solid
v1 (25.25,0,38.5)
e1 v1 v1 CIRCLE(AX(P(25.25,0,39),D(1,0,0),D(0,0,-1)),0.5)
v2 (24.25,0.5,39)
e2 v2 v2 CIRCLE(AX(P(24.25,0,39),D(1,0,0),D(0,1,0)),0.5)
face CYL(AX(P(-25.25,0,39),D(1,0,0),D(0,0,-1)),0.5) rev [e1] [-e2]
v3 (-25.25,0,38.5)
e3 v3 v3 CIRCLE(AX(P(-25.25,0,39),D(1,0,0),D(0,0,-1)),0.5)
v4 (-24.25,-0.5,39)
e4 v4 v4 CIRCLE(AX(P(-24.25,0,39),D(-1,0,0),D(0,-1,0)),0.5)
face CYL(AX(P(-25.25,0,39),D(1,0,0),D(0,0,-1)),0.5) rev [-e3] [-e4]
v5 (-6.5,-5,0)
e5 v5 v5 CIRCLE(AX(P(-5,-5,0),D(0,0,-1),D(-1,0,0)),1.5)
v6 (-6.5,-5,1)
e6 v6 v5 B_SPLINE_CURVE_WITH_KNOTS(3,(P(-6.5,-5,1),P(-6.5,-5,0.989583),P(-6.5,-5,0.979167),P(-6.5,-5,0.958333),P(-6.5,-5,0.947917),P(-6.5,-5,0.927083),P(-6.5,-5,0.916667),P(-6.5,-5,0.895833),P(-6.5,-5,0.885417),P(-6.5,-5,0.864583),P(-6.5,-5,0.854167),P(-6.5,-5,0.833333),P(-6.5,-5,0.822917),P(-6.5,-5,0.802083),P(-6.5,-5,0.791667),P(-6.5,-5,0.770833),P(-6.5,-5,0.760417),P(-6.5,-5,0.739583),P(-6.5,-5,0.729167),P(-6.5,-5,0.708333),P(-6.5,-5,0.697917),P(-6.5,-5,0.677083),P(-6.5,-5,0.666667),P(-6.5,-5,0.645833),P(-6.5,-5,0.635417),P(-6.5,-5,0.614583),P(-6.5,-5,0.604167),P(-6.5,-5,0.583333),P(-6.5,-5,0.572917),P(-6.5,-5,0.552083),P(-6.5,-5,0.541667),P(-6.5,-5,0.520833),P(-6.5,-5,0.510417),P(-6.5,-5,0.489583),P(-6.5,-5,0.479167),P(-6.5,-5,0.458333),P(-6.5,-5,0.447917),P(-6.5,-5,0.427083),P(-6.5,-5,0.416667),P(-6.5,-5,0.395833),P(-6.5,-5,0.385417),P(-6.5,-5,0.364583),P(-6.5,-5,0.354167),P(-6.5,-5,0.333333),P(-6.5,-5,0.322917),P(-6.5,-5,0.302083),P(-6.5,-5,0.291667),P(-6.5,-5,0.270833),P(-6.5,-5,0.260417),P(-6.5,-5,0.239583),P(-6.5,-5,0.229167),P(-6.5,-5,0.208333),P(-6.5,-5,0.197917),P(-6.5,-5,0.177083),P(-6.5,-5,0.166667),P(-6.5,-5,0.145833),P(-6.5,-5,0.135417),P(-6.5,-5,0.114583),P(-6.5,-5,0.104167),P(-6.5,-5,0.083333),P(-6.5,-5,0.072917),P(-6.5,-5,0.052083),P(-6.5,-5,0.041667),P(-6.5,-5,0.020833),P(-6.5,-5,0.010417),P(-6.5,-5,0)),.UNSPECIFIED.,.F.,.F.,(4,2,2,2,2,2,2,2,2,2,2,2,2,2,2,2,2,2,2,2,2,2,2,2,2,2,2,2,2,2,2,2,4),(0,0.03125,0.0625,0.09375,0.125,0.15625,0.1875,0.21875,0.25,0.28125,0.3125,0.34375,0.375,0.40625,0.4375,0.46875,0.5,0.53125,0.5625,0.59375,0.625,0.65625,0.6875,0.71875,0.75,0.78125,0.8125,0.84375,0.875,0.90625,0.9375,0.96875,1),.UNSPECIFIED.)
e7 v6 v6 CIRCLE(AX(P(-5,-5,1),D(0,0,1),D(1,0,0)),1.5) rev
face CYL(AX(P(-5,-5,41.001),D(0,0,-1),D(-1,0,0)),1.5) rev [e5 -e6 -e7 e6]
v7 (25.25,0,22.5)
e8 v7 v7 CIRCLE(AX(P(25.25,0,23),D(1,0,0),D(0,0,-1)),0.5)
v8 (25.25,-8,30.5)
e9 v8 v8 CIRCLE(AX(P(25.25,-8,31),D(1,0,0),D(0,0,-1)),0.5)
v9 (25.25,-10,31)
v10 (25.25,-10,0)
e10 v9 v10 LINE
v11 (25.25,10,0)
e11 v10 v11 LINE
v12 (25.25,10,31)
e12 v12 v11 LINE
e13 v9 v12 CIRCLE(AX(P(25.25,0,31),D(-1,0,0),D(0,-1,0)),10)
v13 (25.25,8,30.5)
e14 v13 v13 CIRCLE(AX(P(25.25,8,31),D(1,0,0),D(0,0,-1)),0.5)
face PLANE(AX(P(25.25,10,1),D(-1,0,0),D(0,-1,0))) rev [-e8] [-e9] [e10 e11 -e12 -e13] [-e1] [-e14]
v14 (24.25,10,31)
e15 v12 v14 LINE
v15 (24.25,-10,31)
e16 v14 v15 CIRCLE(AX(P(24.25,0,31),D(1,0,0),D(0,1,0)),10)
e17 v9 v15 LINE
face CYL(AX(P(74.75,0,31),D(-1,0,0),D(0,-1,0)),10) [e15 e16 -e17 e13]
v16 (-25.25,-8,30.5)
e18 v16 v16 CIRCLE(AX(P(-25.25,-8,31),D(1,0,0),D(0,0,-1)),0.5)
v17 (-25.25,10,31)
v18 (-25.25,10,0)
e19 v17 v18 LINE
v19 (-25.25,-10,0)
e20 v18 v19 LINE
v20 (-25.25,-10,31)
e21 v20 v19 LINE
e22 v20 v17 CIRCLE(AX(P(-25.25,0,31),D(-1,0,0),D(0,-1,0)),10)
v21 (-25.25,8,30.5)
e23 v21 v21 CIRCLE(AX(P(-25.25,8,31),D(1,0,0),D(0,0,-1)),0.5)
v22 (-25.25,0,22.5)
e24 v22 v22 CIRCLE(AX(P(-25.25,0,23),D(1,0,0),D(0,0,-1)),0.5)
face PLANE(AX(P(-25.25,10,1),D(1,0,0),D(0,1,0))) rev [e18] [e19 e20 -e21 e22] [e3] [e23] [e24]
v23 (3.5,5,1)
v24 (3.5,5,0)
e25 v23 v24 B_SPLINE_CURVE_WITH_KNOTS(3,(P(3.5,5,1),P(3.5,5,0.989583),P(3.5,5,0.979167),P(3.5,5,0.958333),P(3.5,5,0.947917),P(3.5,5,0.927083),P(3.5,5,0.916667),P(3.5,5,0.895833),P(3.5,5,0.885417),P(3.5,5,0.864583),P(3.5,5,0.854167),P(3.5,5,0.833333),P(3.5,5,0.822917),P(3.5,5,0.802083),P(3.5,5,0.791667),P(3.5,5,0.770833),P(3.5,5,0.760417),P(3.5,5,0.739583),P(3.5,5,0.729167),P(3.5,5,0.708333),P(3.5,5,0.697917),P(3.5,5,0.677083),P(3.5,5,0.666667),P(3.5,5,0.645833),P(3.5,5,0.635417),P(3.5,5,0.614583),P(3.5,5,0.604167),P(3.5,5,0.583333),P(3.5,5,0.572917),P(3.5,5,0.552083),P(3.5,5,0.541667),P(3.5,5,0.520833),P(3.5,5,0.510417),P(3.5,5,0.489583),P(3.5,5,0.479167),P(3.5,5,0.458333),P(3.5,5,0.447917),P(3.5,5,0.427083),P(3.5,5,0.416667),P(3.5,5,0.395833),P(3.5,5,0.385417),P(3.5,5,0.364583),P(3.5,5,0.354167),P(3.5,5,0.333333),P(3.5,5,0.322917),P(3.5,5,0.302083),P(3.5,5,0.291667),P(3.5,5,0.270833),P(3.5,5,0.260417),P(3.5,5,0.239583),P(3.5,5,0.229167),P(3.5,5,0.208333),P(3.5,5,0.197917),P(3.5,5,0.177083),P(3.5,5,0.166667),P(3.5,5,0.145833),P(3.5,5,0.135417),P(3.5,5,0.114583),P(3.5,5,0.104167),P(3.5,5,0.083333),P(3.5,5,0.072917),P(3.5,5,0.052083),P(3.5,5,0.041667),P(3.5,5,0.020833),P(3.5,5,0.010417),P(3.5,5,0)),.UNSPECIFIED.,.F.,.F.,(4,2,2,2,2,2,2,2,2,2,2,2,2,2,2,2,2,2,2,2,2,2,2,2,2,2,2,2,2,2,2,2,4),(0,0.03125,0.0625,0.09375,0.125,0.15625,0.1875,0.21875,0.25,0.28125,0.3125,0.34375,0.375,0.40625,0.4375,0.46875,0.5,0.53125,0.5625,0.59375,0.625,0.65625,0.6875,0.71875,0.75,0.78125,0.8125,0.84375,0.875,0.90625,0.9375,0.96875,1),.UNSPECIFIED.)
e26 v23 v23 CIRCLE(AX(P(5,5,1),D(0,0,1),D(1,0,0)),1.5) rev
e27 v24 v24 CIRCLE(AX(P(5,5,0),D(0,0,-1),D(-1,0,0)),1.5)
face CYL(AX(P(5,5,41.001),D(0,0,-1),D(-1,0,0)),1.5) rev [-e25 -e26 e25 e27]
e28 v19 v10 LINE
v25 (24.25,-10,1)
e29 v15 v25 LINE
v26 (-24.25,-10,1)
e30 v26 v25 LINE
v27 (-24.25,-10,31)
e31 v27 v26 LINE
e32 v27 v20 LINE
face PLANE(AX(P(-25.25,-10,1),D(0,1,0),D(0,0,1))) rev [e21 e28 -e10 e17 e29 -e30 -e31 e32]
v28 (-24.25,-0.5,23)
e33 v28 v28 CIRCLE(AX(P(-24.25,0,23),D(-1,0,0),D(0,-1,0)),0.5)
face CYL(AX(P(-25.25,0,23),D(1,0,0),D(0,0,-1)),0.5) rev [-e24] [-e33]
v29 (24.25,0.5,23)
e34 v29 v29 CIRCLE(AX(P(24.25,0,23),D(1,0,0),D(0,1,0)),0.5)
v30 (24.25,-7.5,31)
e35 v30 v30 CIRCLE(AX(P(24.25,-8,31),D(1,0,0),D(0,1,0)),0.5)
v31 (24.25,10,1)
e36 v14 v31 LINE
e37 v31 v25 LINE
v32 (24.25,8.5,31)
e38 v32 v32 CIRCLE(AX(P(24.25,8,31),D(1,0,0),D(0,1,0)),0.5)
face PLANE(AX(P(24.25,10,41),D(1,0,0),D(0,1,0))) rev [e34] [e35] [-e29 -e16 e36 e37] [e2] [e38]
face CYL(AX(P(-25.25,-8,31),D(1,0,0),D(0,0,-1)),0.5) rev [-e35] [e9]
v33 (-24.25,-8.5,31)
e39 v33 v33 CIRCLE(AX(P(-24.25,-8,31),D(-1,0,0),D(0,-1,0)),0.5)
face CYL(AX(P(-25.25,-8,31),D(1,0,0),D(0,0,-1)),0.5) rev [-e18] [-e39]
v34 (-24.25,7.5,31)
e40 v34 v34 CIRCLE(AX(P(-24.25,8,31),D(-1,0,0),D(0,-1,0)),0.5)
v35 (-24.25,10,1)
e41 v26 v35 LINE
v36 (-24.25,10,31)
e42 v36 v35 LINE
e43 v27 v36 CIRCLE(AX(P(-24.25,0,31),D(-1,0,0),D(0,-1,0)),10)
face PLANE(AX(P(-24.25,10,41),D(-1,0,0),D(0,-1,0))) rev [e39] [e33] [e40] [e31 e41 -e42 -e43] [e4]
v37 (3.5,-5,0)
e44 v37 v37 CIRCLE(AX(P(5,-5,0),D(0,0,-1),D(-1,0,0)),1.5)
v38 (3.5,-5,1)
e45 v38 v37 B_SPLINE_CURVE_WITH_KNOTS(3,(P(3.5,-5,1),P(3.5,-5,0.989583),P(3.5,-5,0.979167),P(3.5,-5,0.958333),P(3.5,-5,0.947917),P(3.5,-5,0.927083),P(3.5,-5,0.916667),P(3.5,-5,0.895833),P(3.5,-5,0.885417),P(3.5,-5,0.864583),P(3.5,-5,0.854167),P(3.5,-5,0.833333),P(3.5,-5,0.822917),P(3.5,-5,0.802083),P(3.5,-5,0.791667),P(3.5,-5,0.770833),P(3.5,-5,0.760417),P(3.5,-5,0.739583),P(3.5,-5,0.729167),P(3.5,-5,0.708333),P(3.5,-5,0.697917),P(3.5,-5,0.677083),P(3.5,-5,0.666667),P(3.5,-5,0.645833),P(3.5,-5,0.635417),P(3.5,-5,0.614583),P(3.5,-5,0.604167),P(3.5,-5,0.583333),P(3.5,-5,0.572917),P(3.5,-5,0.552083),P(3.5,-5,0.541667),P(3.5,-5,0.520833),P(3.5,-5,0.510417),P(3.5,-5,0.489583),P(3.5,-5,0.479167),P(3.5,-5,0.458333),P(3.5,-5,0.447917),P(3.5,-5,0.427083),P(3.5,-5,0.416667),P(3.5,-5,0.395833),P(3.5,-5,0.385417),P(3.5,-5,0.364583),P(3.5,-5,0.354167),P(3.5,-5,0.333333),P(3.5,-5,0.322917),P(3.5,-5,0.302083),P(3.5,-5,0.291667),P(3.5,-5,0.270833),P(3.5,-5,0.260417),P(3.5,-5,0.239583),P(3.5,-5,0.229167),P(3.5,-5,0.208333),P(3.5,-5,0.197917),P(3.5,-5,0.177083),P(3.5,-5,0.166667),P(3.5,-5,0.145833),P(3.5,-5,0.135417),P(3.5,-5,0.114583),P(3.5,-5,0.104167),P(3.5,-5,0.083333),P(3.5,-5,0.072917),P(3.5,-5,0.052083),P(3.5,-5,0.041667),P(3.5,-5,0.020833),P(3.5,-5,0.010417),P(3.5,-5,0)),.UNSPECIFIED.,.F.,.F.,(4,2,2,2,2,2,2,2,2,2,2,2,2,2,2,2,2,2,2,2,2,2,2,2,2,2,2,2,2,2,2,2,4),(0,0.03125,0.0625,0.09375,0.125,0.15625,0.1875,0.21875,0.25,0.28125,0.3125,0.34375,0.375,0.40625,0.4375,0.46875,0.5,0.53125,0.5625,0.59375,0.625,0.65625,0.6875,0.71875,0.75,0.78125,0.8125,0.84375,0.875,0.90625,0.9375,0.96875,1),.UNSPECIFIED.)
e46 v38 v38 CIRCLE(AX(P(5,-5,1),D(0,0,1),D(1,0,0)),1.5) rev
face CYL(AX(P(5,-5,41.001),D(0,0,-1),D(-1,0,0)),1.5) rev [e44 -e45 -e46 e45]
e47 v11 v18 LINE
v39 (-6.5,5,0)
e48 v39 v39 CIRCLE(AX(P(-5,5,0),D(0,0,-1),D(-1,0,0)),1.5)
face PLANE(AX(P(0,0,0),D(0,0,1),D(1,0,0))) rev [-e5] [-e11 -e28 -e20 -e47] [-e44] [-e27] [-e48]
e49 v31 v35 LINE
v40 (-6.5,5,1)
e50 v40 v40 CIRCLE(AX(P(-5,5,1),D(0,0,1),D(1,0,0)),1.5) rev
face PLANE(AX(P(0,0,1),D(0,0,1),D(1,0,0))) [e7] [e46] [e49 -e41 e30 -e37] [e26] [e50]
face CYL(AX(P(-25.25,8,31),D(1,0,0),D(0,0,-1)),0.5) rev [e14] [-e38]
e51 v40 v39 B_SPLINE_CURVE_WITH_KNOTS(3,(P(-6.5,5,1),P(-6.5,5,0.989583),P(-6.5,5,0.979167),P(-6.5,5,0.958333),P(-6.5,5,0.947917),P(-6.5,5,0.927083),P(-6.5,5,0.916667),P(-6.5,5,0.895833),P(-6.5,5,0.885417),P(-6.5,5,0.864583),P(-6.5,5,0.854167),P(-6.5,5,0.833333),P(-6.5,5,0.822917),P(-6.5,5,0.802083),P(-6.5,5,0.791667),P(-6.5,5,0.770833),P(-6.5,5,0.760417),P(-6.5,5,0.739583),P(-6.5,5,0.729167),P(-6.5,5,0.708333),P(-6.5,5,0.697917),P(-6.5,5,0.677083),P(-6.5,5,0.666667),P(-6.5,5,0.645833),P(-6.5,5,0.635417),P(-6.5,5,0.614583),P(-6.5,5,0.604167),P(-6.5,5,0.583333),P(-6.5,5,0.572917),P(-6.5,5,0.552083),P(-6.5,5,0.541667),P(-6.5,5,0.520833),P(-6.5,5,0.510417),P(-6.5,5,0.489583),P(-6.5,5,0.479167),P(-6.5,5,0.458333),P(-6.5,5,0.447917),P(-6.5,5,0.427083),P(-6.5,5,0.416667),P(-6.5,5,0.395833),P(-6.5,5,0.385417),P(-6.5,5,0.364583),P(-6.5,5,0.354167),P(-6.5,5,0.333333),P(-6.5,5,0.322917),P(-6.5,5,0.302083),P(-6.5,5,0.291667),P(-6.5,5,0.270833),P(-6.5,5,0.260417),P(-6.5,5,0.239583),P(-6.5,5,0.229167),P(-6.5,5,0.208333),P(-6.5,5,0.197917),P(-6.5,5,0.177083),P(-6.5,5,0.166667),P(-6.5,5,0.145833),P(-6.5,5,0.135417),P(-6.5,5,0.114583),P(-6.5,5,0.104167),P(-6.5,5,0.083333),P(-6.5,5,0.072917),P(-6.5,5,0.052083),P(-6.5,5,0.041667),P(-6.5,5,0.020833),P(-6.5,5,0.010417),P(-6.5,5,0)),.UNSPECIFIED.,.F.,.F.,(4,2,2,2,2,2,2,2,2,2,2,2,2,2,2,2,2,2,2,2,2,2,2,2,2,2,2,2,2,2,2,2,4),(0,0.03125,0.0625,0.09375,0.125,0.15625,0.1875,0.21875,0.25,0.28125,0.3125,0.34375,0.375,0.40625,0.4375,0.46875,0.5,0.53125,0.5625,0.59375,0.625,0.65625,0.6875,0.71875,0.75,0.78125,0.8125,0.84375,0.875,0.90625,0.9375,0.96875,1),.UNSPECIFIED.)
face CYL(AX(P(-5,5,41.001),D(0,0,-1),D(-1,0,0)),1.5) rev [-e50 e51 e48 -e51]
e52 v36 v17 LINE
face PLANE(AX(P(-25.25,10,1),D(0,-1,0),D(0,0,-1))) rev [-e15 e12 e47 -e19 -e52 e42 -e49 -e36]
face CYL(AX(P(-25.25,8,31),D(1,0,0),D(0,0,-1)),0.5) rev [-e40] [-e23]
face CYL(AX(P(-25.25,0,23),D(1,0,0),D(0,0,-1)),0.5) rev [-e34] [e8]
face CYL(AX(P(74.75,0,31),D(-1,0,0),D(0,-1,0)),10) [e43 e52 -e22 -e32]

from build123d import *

# Parameters (mm, degrees)
SKETCH_1_W          = 50.5
SKETCH_1_H          = 20
EXTRUDE_1_DEPTH     = 1
SKETCH_2_W          = 1
SKETCH_2_H          = 20
EXTRUDE_2_DEPTH     = 40
CUT_EXTRUDE_2_DEPTH = 100
SKETCH_4_R          = 0.5
CUT_EXTRUDE_3_DEPTH = 66.812232905
CUT_EXTRUDE_4_REACH = 51.179
SKETCH_5_R          = 1.5


with BuildPart() as part:
    # 草图1 → 凸台-拉伸1 (new body)
    with BuildSketch(Plane.XY):
        Rectangle(SKETCH_1_W, SKETCH_1_H)
    extrude(amount=EXTRUDE_1_DEPTH)

    # 草图2 → 凸台-拉伸2 (add)
    with BuildSketch(Plane.XY.offset(1)):
        with Locations((-24.75, 0)):
            Rectangle(SKETCH_2_W, SKETCH_2_H)
        with Locations((24.75, 0)):
            Rectangle(SKETCH_2_W, SKETCH_2_H)
    extrude(amount=EXTRUDE_2_DEPTH)

    # 草图3 → 切除-拉伸2 (cut)
    with BuildSketch(Plane.ZY.offset(25.25)):
        with BuildLine():
            Line((31, -10), (41, -10))
            Line((41, -10), (41, 0))
            ThreePointArc((41, 0), (38.071067812, -7.071067812), (31, -10))
        make_face()
        with BuildLine():
            ThreePointArc((31, 10), (38.071067812, 7.071067812), (41, 0))
            Line((41, 0), (41, 10))
            Line((41, 10), (31, 10))
        make_face()
    extrude(amount=-CUT_EXTRUDE_2_DEPTH, mode=Mode.SUBTRACT)

    # 草图4 → 切除-拉伸3 (cut, through all)
    with BuildSketch(Plane(origin=(25.25, 0, 0), x_dir=(0, 0, -1), z_dir=(1, 0, 0))):
        with Locations((-39, 0)):
            Circle(SKETCH_4_R)
        with Locations((-31, 8)):
            Circle(SKETCH_4_R)
        with Locations((-23, 0)):
            Circle(SKETCH_4_R)
        with Locations((-31, -8)):
            Circle(SKETCH_4_R)
    extrude(amount=-CUT_EXTRUDE_3_DEPTH, mode=Mode.SUBTRACT)

    # 草图5 → 切除-拉伸4 (cut, up to next)
    with BuildSketch(Plane(origin=(0, 0, 0), x_dir=(-1, 0, 0), z_dir=(0, 0, -1)), mode=Mode.PRIVATE) as cut_extrude_4_sk1:
        with Locations((-5, 5)):
            Circle(SKETCH_5_R)
    cut_extrude_4_tool1 = extrude(cut_extrude_4_sk1.sketch, amount=-CUT_EXTRUDE_4_REACH, mode=Mode.PRIVATE) & part.part
    # 草图5 → 切除-拉伸4 (cut, up to next)
    with BuildSketch(Plane(origin=(0, 0, 0), x_dir=(-1, 0, 0), z_dir=(0, 0, -1)), mode=Mode.PRIVATE) as cut_extrude_4_sk2:
        with Locations((-5, -5)):
            Circle(SKETCH_5_R)
    cut_extrude_4_tool2 = extrude(cut_extrude_4_sk2.sketch, amount=-CUT_EXTRUDE_4_REACH, mode=Mode.PRIVATE) & part.part
    # 草图5 → 切除-拉伸4 (cut, up to next)
    with BuildSketch(Plane(origin=(0, 0, 0), x_dir=(-1, 0, 0), z_dir=(0, 0, -1)), mode=Mode.PRIVATE) as cut_extrude_4_sk3:
        with Locations((5, 5)):
            Circle(SKETCH_5_R)
    cut_extrude_4_tool3 = extrude(cut_extrude_4_sk3.sketch, amount=-CUT_EXTRUDE_4_REACH, mode=Mode.PRIVATE) & part.part
    # 草图5 → 切除-拉伸4 (cut, up to next)
    with BuildSketch(Plane(origin=(0, 0, 0), x_dir=(-1, 0, 0), z_dir=(0, 0, -1)), mode=Mode.PRIVATE) as cut_extrude_4_sk4:
        with Locations((5, -5)):
            Circle(SKETCH_5_R)
    cut_extrude_4_tool4 = extrude(cut_extrude_4_sk4.sketch, amount=-CUT_EXTRUDE_4_REACH, mode=Mode.PRIVATE) & part.part
    add(cut_extrude_4_tool1.solids().sort_by_distance((5, 5, 0))[0], mode=Mode.SUBTRACT)
    add(cut_extrude_4_tool2.solids().sort_by_distance((5, -5, 0))[0], mode=Mode.SUBTRACT)
    add(cut_extrude_4_tool3.solids().sort_by_distance((-5, 5, 0))[0], mode=Mode.SUBTRACT)
    add(cut_extrude_4_tool4.solids().sort_by_distance((-5, -5, 0))[0], mode=Mode.SUBTRACT)


solid = part.part
